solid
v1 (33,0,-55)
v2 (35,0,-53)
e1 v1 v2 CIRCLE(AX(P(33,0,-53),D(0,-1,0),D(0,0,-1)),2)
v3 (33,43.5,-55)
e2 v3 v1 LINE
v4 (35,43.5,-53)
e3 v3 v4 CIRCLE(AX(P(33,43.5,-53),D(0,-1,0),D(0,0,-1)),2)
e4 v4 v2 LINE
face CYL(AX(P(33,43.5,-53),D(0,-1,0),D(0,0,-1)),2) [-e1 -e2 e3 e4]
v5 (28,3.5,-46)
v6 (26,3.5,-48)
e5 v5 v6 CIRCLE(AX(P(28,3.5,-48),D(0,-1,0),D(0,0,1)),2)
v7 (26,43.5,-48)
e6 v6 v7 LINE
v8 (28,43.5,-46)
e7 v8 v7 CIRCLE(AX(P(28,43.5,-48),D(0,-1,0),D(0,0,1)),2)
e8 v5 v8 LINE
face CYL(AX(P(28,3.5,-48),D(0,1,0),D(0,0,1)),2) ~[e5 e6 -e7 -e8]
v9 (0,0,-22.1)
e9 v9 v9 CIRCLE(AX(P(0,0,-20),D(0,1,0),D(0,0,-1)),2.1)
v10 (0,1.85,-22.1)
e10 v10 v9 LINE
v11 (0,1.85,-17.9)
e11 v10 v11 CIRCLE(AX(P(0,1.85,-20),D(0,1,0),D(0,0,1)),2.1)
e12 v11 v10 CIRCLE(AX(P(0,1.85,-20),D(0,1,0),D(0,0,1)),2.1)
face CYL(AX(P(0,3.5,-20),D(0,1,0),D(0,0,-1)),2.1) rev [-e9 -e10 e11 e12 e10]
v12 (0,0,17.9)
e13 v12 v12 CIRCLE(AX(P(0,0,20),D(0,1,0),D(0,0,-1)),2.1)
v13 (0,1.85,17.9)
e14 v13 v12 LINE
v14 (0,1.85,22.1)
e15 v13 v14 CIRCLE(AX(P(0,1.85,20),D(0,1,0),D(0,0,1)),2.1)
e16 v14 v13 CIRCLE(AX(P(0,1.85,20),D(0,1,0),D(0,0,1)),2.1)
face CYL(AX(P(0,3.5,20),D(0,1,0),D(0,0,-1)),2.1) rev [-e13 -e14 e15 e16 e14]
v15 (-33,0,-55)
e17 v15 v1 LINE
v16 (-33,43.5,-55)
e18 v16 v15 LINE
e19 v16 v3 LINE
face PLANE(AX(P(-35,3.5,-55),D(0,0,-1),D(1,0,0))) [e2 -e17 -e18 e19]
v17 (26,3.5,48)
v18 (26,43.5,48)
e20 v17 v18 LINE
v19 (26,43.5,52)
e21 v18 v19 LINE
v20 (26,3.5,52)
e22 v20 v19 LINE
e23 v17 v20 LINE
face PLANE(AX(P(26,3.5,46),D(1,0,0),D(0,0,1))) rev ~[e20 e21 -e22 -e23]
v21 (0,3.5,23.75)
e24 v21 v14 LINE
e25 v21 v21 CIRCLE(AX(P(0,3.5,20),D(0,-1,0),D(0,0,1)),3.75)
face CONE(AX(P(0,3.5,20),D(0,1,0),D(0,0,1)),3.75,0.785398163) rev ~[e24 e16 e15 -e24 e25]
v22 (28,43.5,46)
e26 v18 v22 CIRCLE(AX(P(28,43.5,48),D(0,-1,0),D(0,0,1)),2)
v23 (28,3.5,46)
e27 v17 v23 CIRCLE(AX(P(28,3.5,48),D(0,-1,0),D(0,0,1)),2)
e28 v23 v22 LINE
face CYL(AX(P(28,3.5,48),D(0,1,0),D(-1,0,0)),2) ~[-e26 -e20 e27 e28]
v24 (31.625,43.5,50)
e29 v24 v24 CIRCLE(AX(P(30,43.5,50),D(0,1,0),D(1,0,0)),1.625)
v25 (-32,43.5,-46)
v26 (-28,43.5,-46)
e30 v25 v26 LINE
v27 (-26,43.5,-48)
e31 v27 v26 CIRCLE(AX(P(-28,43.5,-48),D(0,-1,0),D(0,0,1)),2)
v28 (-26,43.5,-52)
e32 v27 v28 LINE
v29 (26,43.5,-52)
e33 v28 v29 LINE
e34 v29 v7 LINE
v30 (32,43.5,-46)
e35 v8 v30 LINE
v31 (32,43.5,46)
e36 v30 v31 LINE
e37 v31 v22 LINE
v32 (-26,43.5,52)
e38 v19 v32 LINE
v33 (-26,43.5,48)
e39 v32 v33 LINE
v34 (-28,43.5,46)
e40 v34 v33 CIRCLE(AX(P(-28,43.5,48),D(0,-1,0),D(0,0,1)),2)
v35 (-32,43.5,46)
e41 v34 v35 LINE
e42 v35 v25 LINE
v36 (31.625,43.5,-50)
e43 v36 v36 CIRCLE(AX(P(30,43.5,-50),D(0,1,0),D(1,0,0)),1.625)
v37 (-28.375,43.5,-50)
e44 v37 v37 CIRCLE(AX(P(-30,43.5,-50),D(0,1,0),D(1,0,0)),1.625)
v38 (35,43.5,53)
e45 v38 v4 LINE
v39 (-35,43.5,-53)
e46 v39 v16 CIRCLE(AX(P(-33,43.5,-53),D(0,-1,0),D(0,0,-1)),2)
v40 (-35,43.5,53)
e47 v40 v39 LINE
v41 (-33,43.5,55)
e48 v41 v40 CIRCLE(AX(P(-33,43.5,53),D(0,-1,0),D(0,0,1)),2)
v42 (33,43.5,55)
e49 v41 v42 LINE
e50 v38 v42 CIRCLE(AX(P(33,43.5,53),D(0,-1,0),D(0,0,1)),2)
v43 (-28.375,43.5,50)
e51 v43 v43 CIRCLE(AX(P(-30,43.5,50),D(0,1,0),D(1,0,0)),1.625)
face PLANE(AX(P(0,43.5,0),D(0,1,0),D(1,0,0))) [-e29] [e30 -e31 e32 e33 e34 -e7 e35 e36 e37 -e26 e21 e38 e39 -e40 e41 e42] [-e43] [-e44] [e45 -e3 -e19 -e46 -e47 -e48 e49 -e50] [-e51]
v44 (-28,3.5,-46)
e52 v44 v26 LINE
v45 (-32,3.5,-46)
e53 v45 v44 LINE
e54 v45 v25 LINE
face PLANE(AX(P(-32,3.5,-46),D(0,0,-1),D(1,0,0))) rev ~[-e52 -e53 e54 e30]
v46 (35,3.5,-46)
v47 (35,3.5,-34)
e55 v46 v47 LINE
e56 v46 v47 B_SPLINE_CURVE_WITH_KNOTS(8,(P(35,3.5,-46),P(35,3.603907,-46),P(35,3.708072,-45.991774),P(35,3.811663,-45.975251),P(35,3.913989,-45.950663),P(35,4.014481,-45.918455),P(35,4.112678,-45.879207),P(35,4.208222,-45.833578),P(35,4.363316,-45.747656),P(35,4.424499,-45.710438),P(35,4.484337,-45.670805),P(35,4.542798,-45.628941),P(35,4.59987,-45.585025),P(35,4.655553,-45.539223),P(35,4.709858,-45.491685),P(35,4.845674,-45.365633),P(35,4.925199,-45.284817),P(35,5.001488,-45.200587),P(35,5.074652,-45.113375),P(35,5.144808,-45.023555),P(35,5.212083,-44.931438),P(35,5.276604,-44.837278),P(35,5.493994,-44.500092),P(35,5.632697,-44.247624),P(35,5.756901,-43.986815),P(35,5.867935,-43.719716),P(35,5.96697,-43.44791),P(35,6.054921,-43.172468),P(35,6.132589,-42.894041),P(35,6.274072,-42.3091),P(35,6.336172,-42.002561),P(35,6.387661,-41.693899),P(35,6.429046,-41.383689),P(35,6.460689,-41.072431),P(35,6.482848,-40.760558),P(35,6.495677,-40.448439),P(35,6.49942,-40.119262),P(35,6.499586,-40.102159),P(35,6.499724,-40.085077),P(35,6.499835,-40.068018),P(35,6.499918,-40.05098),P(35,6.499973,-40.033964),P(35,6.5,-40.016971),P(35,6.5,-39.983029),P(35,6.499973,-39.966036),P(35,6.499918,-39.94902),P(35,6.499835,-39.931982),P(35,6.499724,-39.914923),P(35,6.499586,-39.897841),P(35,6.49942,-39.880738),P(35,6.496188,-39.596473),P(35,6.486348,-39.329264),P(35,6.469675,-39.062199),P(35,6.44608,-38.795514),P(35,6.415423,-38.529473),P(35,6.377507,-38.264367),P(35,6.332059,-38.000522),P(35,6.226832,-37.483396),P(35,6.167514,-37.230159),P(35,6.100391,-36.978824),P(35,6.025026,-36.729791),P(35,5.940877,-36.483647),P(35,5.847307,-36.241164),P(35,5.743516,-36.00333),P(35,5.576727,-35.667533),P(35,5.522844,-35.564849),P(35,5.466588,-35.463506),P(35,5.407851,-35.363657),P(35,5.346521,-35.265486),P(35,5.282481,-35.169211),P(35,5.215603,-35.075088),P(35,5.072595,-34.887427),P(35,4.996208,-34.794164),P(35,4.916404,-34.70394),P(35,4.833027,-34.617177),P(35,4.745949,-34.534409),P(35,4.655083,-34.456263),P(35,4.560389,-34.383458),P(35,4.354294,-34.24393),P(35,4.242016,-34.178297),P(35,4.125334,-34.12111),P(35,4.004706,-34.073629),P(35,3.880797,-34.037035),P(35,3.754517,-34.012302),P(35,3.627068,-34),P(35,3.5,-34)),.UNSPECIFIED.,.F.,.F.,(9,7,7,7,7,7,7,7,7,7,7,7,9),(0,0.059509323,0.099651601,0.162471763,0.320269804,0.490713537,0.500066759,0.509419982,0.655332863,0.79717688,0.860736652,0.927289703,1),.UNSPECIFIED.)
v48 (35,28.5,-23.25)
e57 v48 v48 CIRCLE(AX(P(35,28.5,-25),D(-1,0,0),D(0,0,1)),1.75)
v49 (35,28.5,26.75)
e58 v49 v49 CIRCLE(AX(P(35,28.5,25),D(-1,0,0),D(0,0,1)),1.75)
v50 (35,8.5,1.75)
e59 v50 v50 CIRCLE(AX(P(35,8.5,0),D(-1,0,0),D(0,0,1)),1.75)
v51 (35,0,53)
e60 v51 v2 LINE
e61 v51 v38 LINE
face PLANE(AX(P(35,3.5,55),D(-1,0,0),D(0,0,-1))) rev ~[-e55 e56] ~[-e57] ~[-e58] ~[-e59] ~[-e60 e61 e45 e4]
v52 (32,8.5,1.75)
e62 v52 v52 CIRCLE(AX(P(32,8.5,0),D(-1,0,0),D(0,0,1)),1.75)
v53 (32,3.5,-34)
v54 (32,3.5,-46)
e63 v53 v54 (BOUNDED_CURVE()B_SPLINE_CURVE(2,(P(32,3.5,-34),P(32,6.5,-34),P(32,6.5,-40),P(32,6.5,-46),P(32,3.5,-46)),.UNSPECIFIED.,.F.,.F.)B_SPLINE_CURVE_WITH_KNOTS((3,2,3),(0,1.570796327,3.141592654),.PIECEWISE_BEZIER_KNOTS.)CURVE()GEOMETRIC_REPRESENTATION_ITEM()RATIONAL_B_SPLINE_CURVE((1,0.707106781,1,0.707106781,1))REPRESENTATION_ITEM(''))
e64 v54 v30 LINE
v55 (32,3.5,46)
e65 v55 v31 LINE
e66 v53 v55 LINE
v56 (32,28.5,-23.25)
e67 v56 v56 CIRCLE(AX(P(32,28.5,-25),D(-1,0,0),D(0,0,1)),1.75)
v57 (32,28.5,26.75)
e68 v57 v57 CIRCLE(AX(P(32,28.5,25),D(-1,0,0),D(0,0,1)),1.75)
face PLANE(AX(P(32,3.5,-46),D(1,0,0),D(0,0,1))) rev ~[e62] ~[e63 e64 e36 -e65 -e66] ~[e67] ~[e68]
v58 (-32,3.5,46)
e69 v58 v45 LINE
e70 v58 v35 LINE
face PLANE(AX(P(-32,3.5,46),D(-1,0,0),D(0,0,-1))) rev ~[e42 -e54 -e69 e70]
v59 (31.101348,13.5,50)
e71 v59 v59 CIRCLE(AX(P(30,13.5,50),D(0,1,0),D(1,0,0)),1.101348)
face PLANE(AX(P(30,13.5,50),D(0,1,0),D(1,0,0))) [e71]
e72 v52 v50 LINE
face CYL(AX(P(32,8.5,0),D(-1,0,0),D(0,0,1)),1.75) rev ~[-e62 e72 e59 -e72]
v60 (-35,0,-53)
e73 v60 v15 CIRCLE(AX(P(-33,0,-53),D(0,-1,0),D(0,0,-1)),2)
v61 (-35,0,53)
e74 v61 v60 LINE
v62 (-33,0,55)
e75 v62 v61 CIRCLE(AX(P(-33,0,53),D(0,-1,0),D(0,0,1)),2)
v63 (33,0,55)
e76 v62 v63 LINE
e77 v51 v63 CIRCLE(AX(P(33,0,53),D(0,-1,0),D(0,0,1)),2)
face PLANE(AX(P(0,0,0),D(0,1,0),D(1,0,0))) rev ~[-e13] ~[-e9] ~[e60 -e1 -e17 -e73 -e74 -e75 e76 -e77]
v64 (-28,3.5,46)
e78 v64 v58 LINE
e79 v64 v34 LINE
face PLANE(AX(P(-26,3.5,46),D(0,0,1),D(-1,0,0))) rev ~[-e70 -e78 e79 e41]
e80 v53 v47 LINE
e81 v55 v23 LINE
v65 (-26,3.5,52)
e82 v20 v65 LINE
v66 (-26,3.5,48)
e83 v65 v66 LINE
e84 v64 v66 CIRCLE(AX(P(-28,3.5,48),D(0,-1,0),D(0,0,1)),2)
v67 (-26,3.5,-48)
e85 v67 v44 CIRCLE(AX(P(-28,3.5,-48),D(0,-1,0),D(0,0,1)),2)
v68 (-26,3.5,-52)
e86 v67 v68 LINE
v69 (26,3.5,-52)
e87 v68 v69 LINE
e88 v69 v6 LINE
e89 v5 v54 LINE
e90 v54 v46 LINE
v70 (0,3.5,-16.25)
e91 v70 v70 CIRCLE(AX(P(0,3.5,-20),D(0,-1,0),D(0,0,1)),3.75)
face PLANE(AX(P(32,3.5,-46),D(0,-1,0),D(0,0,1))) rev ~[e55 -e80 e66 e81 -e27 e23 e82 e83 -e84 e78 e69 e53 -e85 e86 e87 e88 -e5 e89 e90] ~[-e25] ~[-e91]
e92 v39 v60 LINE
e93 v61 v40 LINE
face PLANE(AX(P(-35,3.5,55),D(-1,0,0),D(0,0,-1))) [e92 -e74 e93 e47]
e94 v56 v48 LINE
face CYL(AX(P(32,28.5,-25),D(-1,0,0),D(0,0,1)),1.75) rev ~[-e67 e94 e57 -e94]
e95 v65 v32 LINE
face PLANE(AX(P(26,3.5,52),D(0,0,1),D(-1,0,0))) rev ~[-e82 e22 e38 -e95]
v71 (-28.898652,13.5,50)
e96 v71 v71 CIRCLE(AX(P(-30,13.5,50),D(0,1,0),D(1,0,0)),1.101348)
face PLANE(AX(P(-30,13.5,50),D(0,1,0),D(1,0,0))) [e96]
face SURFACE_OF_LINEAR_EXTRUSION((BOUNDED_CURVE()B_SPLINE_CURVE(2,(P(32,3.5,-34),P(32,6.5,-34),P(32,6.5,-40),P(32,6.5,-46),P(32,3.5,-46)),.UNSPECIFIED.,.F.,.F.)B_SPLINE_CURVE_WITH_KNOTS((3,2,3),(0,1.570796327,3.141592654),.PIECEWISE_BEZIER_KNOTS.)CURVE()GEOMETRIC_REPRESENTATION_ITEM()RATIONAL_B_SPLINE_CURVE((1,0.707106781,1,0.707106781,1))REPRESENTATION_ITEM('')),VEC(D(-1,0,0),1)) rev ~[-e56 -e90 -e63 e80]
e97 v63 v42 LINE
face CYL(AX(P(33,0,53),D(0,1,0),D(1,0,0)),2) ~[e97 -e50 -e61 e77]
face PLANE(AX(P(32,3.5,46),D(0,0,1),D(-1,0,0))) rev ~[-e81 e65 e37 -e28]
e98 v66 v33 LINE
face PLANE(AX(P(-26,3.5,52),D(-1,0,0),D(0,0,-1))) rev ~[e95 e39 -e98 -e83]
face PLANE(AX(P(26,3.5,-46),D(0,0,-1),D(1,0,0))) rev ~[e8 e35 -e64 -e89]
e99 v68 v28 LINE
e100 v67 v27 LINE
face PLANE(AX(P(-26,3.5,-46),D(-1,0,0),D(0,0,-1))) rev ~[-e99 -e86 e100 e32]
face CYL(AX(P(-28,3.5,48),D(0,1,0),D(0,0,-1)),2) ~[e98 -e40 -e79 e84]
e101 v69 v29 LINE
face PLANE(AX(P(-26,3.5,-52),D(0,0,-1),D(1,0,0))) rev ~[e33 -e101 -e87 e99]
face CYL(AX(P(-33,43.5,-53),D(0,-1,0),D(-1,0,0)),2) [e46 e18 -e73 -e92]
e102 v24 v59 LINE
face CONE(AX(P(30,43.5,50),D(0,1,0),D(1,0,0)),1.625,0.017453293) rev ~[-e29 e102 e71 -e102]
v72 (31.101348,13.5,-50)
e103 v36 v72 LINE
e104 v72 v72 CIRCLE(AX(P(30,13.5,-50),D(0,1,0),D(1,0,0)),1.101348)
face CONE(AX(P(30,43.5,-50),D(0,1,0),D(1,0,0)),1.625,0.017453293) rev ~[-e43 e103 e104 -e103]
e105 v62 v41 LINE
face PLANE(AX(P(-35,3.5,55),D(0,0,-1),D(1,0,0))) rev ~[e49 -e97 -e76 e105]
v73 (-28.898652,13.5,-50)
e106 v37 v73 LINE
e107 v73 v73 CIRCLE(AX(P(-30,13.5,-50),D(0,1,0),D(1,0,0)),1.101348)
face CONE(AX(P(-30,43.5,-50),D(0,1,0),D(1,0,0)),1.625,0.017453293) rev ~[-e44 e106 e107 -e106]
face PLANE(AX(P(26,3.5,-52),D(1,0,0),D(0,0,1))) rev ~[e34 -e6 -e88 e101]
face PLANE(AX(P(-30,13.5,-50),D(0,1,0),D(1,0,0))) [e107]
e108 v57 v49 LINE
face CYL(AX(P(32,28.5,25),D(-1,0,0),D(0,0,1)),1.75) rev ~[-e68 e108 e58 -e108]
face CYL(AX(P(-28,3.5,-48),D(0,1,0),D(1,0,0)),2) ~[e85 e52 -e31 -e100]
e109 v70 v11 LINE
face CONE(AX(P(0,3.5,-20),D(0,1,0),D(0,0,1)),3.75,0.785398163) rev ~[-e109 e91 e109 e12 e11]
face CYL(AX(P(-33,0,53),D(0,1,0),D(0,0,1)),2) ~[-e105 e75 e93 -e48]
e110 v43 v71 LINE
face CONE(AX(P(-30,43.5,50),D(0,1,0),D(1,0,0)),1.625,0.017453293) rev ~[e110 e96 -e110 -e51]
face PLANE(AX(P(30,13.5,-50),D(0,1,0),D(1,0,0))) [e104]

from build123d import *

# Parameters (mm, degrees)
SKETCH1_W                             = 70
SKETCH1_H                             = 110
BOTTOM_DEPTH                          = 3.5
SKETCH3_W                             = 70
SKETCH3_H                             = 110
WALL_DEPTH                            = 40
SKETCH4_R                             = 1.625
TOP_PLATE_SCREW_HOLES_DEPTH           = 30
TOP_PLATE_SCREW_HOLES_DRAFT           = -1
TOP_PLATE_SCREW_HOLES_PROFILE_2_DEPTH = 30
TOP_PLATE_SCREW_HOLES_PROFILE_2_DRAFT = -1
TOP_PLATE_SCREW_HOLES_PROFILE_3_DEPTH = 30
TOP_PLATE_SCREW_HOLES_PROFILE_3_DRAFT = -1
TOP_PLATE_SCREW_HOLES_PROFILE_4_DEPTH = 30
TOP_PLATE_SCREW_HOLES_PROFILE_4_DRAFT = -1
FILLET1_R                             = 2
FILLET2_R                             = 2
FILLET3_R                             = 2
FILLET4_R                             = 2
FILLET5_R                             = 2
FILLET6_R                             = 2
FILLET7_R                             = 2
FILLET8_R                             = 2
M4_MOUNT_R                            = 2.1
M4_MOUNT_CUT_DEPTH                    = 77.485292704
CABLE_PASS_CUT_DEPTH                  = 10
SKETCH6_R                             = 1.75
M3_CONNECTION_CUT_DEPTH               = 10


with BuildPart() as part:
    # Sketch1 → Bottom (new body)
    with BuildSketch(Plane(origin=(0, 0, 0), x_dir=(1, 0, 0), z_dir=(0, 1, 0))):
        Rectangle(SKETCH1_W, SKETCH1_H)
    extrude(amount=BOTTOM_DEPTH)

    # Sketch3 → Wall (add)
    with BuildSketch(Plane(origin=(0, 3.5, 0), x_dir=(1, 0, 0), z_dir=(0, 1, 0))):
        Rectangle(SKETCH3_W, SKETCH3_H)
        Polygon((-26, 52), (-4, 52), (26, 52), (26, 46), (32, 46), (32, -46), (26, -46), (26, -52), (4, -52), (-26, -52), (-26, -46), (-32, -46), (-32, 46), (-26, 46), align=None, mode=Mode.SUBTRACT)
    extrude(amount=WALL_DEPTH)


with BuildPart() as top_plate_screw_holes_tool:
    # Sketch4 → Top Plate Screw Holes (with draft: the straight prism first)
    with BuildSketch(Plane(origin=(0, 43.5, 0), x_dir=(1, 0, 0), z_dir=(0, 1, 0))):
        with Locations((-30, 50)):
            Circle(SKETCH4_R)
    extrude(amount=-TOP_PLATE_SCREW_HOLES_DEPTH)
    # Top Plate Screw Holes: the draft: its side faces are tilted about the plane it starts from
    top_plate_screw_holes_sides = [top_plate_screw_holes_tool.faces().sort_by_distance(p)[0] for p in [
        (-31.625, 28.5, -50),
    ]]
    draft(top_plate_screw_holes_sides, Plane(origin=(0, 43.5, 0), x_dir=(1, 0, 0), z_dir=(0, 1, 0)), TOP_PLATE_SCREW_HOLES_DRAFT)


with BuildPart() as part_1:
    add(part.part)

    # Top Plate Screw Holes: cut by top_plate_screw_holes_tool
    add(top_plate_screw_holes_tool.part, mode=Mode.SUBTRACT)


with BuildPart() as top_plate_screw_holes_profile_2_tool:
    # Sketch4 → Top Plate Screw Holes profile 2 (with draft: the straight prism first)
    with BuildSketch(Plane(origin=(0, 43.5, 0), x_dir=(1, 0, 0), z_dir=(0, 1, 0))):
        with Locations((30, 50)):
            Circle(SKETCH4_R)
    extrude(amount=-TOP_PLATE_SCREW_HOLES_PROFILE_2_DEPTH)
    # Top Plate Screw Holes profile 2: the draft: its side faces are tilted about the plane it starts from
    top_plate_screw_holes_profile_2_sides = [top_plate_screw_holes_profile_2_tool.faces().sort_by_distance(p)[0] for p in [
        (28.375, 28.5, -50),
    ]]
    draft(top_plate_screw_holes_profile_2_sides, Plane(origin=(0, 43.5, 0), x_dir=(1, 0, 0), z_dir=(0, 1, 0)), TOP_PLATE_SCREW_HOLES_PROFILE_2_DRAFT)


with BuildPart() as part_2:
    add(part_1.part)

    # Top Plate Screw Holes profile 2: cut by top_plate_screw_holes_profile_2_tool
    add(top_plate_screw_holes_profile_2_tool.part, mode=Mode.SUBTRACT)


with BuildPart() as top_plate_screw_holes_profile_3_tool:
    # Sketch4 → Top Plate Screw Holes profile 3 (with draft: the straight prism first)
    with BuildSketch(Plane(origin=(0, 43.5, 0), x_dir=(1, 0, 0), z_dir=(0, 1, 0))):
        with Locations((30, -50)):
            Circle(SKETCH4_R)
    extrude(amount=-TOP_PLATE_SCREW_HOLES_PROFILE_3_DEPTH)
    # Top Plate Screw Holes profile 3: the draft: its side faces are tilted about the plane it starts from
    top_plate_screw_holes_profile_3_sides = [top_plate_screw_holes_profile_3_tool.faces().sort_by_distance(p)[0] for p in [
        (28.375, 28.5, 50),
    ]]
    draft(top_plate_screw_holes_profile_3_sides, Plane(origin=(0, 43.5, 0), x_dir=(1, 0, 0), z_dir=(0, 1, 0)), TOP_PLATE_SCREW_HOLES_PROFILE_3_DRAFT)


with BuildPart() as part_3:
    add(part_2.part)

    # Top Plate Screw Holes profile 3: cut by top_plate_screw_holes_profile_3_tool
    add(top_plate_screw_holes_profile_3_tool.part, mode=Mode.SUBTRACT)


with BuildPart() as top_plate_screw_holes_profile_4_tool:
    # Sketch4 → Top Plate Screw Holes profile 4 (with draft: the straight prism first)
    with BuildSketch(Plane(origin=(0, 43.5, 0), x_dir=(1, 0, 0), z_dir=(0, 1, 0))):
        with Locations((-30, -50)):
            Circle(SKETCH4_R)
    extrude(amount=-TOP_PLATE_SCREW_HOLES_PROFILE_4_DEPTH)
    # Top Plate Screw Holes profile 4: the draft: its side faces are tilted about the plane it starts from
    top_plate_screw_holes_profile_4_sides = [top_plate_screw_holes_profile_4_tool.faces().sort_by_distance(p)[0] for p in [
        (-31.625, 28.5, 50),
    ]]
    draft(top_plate_screw_holes_profile_4_sides, Plane(origin=(0, 43.5, 0), x_dir=(1, 0, 0), z_dir=(0, 1, 0)), TOP_PLATE_SCREW_HOLES_PROFILE_4_DRAFT)


with BuildPart() as part_4:
    add(part_3.part)

    # Top Plate Screw Holes profile 4: cut by top_plate_screw_holes_profile_4_tool
    add(top_plate_screw_holes_profile_4_tool.part, mode=Mode.SUBTRACT)

    # Fillet1
    fillet1_edges = [part_4.edges().sort_by_distance(p)[0] for p in [
        (-26, 23.5, 46),
    ]]
    fillet(fillet1_edges, radius=FILLET1_R)

    # Fillet2
    fillet2_edges = [part_4.edges().sort_by_distance(p)[0] for p in [
        (26, 23.5, 46),
    ]]
    fillet(fillet2_edges, radius=FILLET2_R)

    # Fillet3
    fillet3_edges = [part_4.edges().sort_by_distance(p)[0] for p in [
        (26, 23.5, -46),
    ]]
    fillet(fillet3_edges, radius=FILLET3_R)

    # Fillet4
    fillet4_edges = [part_4.edges().sort_by_distance(p)[0] for p in [
        (-26, 23.5, -46),
    ]]
    fillet(fillet4_edges, radius=FILLET4_R)

    # Fillet5
    fillet5_edges = [part_4.edges().sort_by_distance(p)[0] for p in [
        (-35, 21.75, -55),
    ]]
    fillet(fillet5_edges, radius=FILLET5_R)

    # Fillet6
    fillet6_edges = [part_4.edges().sort_by_distance(p)[0] for p in [
        (35, 21.75, -55),
    ]]
    fillet(fillet6_edges, radius=FILLET6_R)

    # Fillet7
    fillet7_edges = [part_4.edges().sort_by_distance(p)[0] for p in [
        (35, 21.75, 55),
    ]]
    fillet(fillet7_edges, radius=FILLET7_R)

    # Fillet8
    fillet8_edges = [part_4.edges().sort_by_distance(p)[0] for p in [
        (-35, 21.75, 55),
    ]]
    fillet(fillet8_edges, radius=FILLET8_R)

    # M4 Mount → M4 Mount Cut (cut, through all)
    with BuildSketch(Plane.XZ.offset(-3.5)):
        with Locations(Location((0, -20, 0), (0, 0, 270))):
            Circle(M4_MOUNT_R)
        with Locations(Location((0, 20, 0), (0, 0, 270))):
            Circle(M4_MOUNT_R)
    extrude(amount=M4_MOUNT_CUT_DEPTH, mode=Mode.SUBTRACT)

    # M4 Screw CUT cone 1 section (through the dimple's axis) → M4 Screw CUT (revolve, cut)
    with BuildSketch(Plane(origin=(0, 3.5, 20), x_dir=(0, 0, 1), z_dir=(1, 0, 0))):
        Polygon((0, 0), (3.75, 0), (0, 3.75), align=None)
    revolve(axis=Axis((0, 3.5, 20), (0, -1, 0)), mode=Mode.SUBTRACT)

    # M4 Screw CUT cone 2 section (through the dimple's axis) → M4 Screw CUT cone 2 (revolve, cut)
    with BuildSketch(Plane(origin=(0, 3.5, -20), x_dir=(0, 0, 1), z_dir=(1, 0, 0))):
        Polygon((0, 0), (3.75, 0), (0, 3.75), align=None)
    revolve(axis=Axis((0, 3.5, -20), (0, -1, 0)), mode=Mode.SUBTRACT)

    # Sketch5 → Cable Pass CUT (cut)
    with BuildSketch(Plane.ZY.offset(-32)):
        with BuildLine():
            Line((-46, 3.5), (-34, 3.5))
            add(Edge.make_bspline(
                [(-34, 3.5), (-34, 6.5), (-40, 6.5), (-46, 6.5), (-46, 3.5)],
                knots=[0, 0, 0, 1.570796327, 1.570796327, 3.141592654, 3.141592654, 3.141592654], degree=2, weights=[1, 0.707106781, 1, 0.707106781, 1]))
        make_face()
    extrude(amount=-CABLE_PASS_CUT_DEPTH, mode=Mode.SUBTRACT)

    # Sketch6 → M3 Connection CUT (cut)
    with BuildSketch(Plane.ZY.offset(-32)):
        with Locations((-25, 28.5)):
            Circle(SKETCH6_R)
        with Locations((25, 28.5)):
            Circle(SKETCH6_R)
        with Locations((0, 8.5)):
            Circle(SKETCH6_R)
    extrude(amount=-M3_CONNECTION_CUT_DEPTH, mode=Mode.SUBTRACT)


solid = part_4.part
